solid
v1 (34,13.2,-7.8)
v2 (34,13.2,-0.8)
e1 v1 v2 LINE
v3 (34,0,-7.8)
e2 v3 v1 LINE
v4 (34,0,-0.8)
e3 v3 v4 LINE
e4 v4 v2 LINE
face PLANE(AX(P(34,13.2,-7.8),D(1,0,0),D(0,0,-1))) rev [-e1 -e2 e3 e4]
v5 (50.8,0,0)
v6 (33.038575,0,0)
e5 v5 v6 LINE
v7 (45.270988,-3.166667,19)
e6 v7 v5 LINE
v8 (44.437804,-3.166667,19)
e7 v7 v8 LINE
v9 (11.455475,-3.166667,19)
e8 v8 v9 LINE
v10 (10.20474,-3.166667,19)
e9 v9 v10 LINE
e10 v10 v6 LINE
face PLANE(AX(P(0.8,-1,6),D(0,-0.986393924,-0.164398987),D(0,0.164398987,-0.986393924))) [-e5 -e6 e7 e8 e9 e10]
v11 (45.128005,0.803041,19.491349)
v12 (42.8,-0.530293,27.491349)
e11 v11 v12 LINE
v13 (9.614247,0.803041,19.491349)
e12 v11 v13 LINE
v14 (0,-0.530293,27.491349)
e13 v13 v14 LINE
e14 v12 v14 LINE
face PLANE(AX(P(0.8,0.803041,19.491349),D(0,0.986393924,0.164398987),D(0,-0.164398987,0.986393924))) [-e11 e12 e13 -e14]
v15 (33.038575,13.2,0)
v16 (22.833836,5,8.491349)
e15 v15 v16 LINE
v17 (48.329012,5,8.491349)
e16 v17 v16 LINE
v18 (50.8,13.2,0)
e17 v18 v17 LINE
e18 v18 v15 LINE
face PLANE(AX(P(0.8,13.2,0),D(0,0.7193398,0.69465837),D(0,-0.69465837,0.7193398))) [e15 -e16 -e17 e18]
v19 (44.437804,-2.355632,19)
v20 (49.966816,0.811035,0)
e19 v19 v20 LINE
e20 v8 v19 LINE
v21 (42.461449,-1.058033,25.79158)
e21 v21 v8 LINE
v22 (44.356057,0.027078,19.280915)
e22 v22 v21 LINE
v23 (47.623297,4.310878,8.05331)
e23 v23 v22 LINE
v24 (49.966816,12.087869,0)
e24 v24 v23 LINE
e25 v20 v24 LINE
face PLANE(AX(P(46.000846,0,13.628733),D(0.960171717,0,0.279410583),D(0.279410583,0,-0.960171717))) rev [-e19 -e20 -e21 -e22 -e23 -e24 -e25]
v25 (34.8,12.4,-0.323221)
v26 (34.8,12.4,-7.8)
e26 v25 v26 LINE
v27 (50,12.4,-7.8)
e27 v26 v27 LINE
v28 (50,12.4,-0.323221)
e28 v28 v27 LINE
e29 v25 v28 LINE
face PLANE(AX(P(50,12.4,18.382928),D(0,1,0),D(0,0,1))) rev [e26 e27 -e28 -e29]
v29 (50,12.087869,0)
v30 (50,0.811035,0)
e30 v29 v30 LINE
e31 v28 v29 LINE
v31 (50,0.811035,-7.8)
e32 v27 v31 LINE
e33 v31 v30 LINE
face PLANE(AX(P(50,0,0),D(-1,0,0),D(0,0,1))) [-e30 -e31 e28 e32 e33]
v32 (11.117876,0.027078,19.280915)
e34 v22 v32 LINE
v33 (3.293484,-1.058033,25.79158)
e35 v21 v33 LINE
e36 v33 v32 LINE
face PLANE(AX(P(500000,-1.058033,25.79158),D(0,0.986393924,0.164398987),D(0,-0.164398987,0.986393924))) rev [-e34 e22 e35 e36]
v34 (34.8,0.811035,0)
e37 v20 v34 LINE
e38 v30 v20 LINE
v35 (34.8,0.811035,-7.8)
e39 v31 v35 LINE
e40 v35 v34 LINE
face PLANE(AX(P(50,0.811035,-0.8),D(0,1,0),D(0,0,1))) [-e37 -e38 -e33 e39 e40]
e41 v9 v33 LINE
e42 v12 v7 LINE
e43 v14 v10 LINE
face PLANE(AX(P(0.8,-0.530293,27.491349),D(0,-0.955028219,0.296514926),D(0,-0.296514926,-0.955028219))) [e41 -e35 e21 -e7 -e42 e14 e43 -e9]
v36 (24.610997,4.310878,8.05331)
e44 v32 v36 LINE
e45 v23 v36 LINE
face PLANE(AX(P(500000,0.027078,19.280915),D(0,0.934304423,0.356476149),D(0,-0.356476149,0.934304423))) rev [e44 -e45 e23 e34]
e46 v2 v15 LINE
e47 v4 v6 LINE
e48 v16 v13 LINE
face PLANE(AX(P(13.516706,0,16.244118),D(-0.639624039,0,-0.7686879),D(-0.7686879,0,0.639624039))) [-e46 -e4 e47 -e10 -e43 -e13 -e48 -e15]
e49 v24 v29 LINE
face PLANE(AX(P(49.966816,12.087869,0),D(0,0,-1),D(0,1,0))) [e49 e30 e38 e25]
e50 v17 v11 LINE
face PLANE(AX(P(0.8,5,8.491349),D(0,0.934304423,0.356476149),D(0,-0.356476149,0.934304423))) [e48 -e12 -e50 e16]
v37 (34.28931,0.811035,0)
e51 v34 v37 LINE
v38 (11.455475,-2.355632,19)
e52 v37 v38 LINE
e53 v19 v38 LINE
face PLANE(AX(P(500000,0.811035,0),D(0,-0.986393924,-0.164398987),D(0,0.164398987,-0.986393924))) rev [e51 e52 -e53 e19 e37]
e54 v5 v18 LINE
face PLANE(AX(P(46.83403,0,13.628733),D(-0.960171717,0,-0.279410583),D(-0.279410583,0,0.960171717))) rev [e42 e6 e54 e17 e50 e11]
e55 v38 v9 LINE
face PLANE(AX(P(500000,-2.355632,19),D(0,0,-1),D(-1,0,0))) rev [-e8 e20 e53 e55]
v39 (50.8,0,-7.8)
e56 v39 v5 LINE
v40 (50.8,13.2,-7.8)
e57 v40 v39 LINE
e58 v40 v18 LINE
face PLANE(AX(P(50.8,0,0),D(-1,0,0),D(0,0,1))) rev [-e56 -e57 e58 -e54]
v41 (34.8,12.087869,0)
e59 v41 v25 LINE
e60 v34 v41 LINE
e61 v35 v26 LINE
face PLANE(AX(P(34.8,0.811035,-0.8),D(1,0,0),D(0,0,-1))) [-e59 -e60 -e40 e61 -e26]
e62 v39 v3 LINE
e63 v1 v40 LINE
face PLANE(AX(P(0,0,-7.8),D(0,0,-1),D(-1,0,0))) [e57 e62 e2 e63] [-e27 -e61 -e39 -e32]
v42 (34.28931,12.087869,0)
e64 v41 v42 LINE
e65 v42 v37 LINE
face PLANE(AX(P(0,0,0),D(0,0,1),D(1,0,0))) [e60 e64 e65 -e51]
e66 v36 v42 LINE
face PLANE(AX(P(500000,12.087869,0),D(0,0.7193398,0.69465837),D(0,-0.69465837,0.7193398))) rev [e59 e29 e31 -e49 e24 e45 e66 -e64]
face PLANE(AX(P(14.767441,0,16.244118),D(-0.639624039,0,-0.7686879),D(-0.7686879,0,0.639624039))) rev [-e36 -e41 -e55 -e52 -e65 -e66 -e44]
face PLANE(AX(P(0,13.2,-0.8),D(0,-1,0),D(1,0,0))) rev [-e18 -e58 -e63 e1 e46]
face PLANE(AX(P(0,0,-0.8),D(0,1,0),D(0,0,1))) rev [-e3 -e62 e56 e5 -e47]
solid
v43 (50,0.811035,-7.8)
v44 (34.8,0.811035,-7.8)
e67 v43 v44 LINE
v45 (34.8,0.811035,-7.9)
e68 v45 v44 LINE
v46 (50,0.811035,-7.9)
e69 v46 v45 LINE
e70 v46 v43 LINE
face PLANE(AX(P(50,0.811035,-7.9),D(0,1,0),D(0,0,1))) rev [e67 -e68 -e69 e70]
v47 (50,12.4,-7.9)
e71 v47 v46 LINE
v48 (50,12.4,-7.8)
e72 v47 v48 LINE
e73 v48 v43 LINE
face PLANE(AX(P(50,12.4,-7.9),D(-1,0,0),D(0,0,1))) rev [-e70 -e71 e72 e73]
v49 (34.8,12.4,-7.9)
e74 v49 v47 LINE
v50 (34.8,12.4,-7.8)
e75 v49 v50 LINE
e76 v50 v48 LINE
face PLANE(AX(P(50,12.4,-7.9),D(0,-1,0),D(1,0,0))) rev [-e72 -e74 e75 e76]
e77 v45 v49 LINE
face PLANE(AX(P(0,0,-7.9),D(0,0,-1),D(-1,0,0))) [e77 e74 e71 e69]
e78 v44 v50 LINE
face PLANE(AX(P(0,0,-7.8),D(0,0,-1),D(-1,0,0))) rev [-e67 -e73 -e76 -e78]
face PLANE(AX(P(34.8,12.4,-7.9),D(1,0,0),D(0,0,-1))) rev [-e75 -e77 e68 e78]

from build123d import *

# Parameters (mm, degrees)
SIDE_BASE_DEPTH                    = 0.8
SIDE_BASE_2_COUNT                  = 2
SIDE_BASE_2_PITCH                  = 50
FRONT_BACK_WALLS_REACH             = 60.566
BASE_SKETCH_W                      = 50.8
BASE_SKETCH_H                      = 13.2
BASE_SKETCH_W_2                    = 15.2
BASE_SKETCH_H_2                    = 11.276834123
BASE_DEPTH                         = 0.8
ATTACHMENT_BASE_SKETCH_W           = 16.8
ATTACHMENT_BASE_SKETCH_H           = 13.2
ATTACHMENT_BASE_SKETCH_W_2         = 15.2
ATTACHMENT_BASE_SKETCH_H_2         = 11.276834123
ATTACHMENT_BASE_DEPTH              = 7
PIPE_TOP_EXTRA_CUTAWAY_REACH       = 65.248
SKETCH11_W                         = 15.2
SKETCH11_H                         = 0.312130873
SKETCH1_W                          = 15.2
SKETCH1_H                          = 11.588964996
FAN_BASE_DEPTH                     = 0.1
LEFT_RIGHT_WALL_REMOVAL_DEPTH      = 59.566323483
LEFT_RIGHT_WALL_REMOVAL_DEPTH_BACK = 59.566323483
SKETCH6_W                          = 28.631700026
SKETCH6_H                          = 16.366666667
CUTAWAY_LEFT_DEPTH                 = 54.208577359
LEFT_WALL_DEPTH                    = 0.8331843
SKETCH9_W                          = 44.231215268
SKETCH9_H                          = 16.366666667
CUTAWAY_RIGHT_DEPTH                = 47.338131648
RIGHT_WALL_DEPTH                   = 1.25073473


with BuildPart() as part:
    # Side base sketch → Side base (new body)
    with BuildSketch(Plane.ZY):
        Polygon((0, 13.2), (8.491348573, 5), (19.491348573, 0.8030407), (27.491348573, -0.530292633), (19, -3.166666667), (6, -1), (0, 0), align=None)
    extrude(amount=-SIDE_BASE_DEPTH)


with BuildPart() as side_base_2_1:
    # Side base 2: pattern copy
    add(part.part.moved(Location(Vector(1, 0, 0) * (1 * SIDE_BASE_2_PITCH))))

    # Wall base sketch → Front back walls (add, up to next)
    with BuildSketch(Plane(origin=(0.8, 0, 0), x_dir=(0, 0, -1), z_dir=(1, 0, 0)), mode=Mode.PRIVATE) as front_back_walls_sk1:
        Polygon((0, 12.087869127), (-8.053310036, 4.310878025), (-19.280914859, 0.027077982), (-25.791579847, -1.058032849), (-27.491348573, -0.530292633), (-19.491348573, 0.8030407), (-8.491348573, 5), (0, 13.2), align=None)
    front_back_walls_tool1 = extrude(front_back_walls_sk1.sketch, amount=FRONT_BACK_WALLS_REACH, mode=Mode.PRIVATE) - side_base_2_1.part
    # Wall base sketch → Front back walls (add, up to next)
    with BuildSketch(Plane(origin=(0.8, 0, 0), x_dir=(0, 0, -1), z_dir=(1, 0, 0)), mode=Mode.PRIVATE) as front_back_walls_sk2:
        Polygon((0, 0.811035004), (-19, -2.355631663), (-19, -3.166666667), (0, 0), align=None)
    front_back_walls_tool2 = extrude(front_back_walls_sk2.sketch, amount=FRONT_BACK_WALLS_REACH, mode=Mode.PRIVATE) - side_base_2_1.part

    add(part.part)  # Front back walls merges part
    add(front_back_walls_tool1.solids().sort_by_distance((0.8, 8.422144, 4.241782))[0])
    add(front_back_walls_tool2.solids().sort_by_distance((0.8, -1.177816, 9.5))[0])

    # Base sketch → Base (add)
    with BuildSketch(Plane(origin=(0, 0, 0), x_dir=(-1, 0, 0), z_dir=(0, 0, -1))):
        with Locations((-25.4, 6.6)):
            Rectangle(BASE_SKETCH_W, BASE_SKETCH_H)
        with Locations((-42.4, 6.449452066)):
            Rectangle(BASE_SKETCH_W_2, BASE_SKETCH_H_2, mode=Mode.SUBTRACT)
    extrude(amount=BASE_DEPTH)

    # Attachment base sketch → Attachment base (add)
    with BuildSketch(Plane(origin=(0, 0, -0.8), x_dir=(-1, 0, 0), z_dir=(0, 0, -1))):
        with Locations((-42.4, 6.6)):
            Rectangle(ATTACHMENT_BASE_SKETCH_W, ATTACHMENT_BASE_SKETCH_H)
        with Locations((-42.4, 6.449452066)):
            Rectangle(ATTACHMENT_BASE_SKETCH_W_2, ATTACHMENT_BASE_SKETCH_H_2, mode=Mode.SUBTRACT)
    extrude(amount=ATTACHMENT_BASE_DEPTH)

    # Pipe top extra cutaway: up to this plane
    pipe_top_extra_cutaway_end = Plane(origin=(500000, 12.087869127, 0), z_dir=(0, 0.7193398003386524, 0.6946583704589959))
    # Sketch11 → Pipe top extra cutaway (cut, up to the surface)
    with BuildSketch(Plane(origin=(0, 0, -7.8), x_dir=(-1, 0, 0), z_dir=(0, 0, -1)), mode=Mode.PRIVATE) as pipe_top_extra_cutaway_sk1:
        with Locations((-42.4, 12.243934564)):
            Rectangle(SKETCH11_W, SKETCH11_H)
    pipe_top_extra_cutaway_tool1 = split(extrude(pipe_top_extra_cutaway_sk1.sketch, amount=-PIPE_TOP_EXTRA_CUTAWAY_REACH, mode=Mode.PRIVATE), bisect_by=pipe_top_extra_cutaway_end, keep=Keep.BOTH, mode=Mode.PRIVATE)
    add(pipe_top_extra_cutaway_tool1.solids().sort_by_distance((42.4, 12.243935, -7.8))[0], mode=Mode.SUBTRACT)

    # Sketch4 → Left right wall removal (cut, two sides: drawn at the far end of the back side and taken through both)
    with BuildSketch(Plane(origin=(0.8, 0, 0), x_dir=(0, 0, -1), z_dir=(1, 0, 0)).offset(-LEFT_RIGHT_WALL_REMOVAL_DEPTH_BACK)):
        Polygon((-25.791579847, -1.058032849), (-19, -3.166666667), (-19, -2.355631663), (0, 0.811035004), (0, 12.087869127), (-8.053310036, 4.310878025), (-19.280914859, 0.027077982), align=None)
    extrude(amount=LEFT_RIGHT_WALL_REMOVAL_DEPTH + LEFT_RIGHT_WALL_REMOVAL_DEPTH_BACK, mode=Mode.SUBTRACT)

    # Sketch6 → Cutaway left (cut, through all)
    with BuildSketch(Plane(origin=(46.834030083, 0, 13.628732678), x_dir=(0.27941058312270783, 0, -0.9601717169543313), z_dir=(0.9601717169543312, 0, 0.2794105831227078))):
        with Locations((-0.12179239, 5.016666667)):
            Rectangle(SKETCH6_W, SKETCH6_H)
    extrude(amount=CUTAWAY_LEFT_DEPTH, mode=Mode.SUBTRACT)

    # Sketch7 → Left wall (add, along a direction that is not the sketch's normal)
    with BuildSketch(Plane(origin=(46.834030083, 0, 13.628732678), x_dir=(0.27941058312270806, 0, -0.9601717169543312), z_dir=(0.9601717169543312, 0, 0.27941058312270806))):
        Polygon((-5.594069506, -2.355631663), (-5.594069506, -3.166666667), (-12.667366633, -1.058032849), (-5.886636818, 0.027077982), (5.806693265, 4.310878025), (14.194057623, 12.087869127), (14.194057623, 0.811035004), align=None)
    extrude(amount=-LEFT_WALL_DEPTH, dir=(1, 0, 0))

    # Sketch9 → Cutaway right (cut, through all)
    with BuildSketch(Plane(origin=(13.516705988, 0, 16.244117965), x_dir=(0.7686879004792403, 0, -0.6396240393049794), z_dir=(0.6396240393049794, -1.3449343476138912e-15, 0.7686879004792403))):
        with Locations((4.531480214, 5.016666667)):
            Rectangle(SKETCH9_W, SKETCH9_H)
    extrude(amount=-CUTAWAY_RIGHT_DEPTH, mode=Mode.SUBTRACT)

    # Sketch10 → Right wall (add, along a direction that is not the sketch's normal)
    with BuildSketch(Plane(origin=(13.516705988, 0, 16.244117965), x_dir=(-0.7686879004792402, -2.570451750162017e-15, 0.6396240393049794), z_dir=(-0.6396240393049794, 1.2488685157059335e-15, -0.7686879004792402))):
        Polygon((-25.396353118, 12.087869127), (-25.396353118, 0.811035004), (4.308596716, -2.355631663), (4.308596716, -3.166666667), (14.926677697, -1.058032849), (4.747784179, 0.027077982), (-12.805659927, 4.310878025), align=None)
    extrude(amount=-RIGHT_WALL_DEPTH, dir=(-1, 0, 0))


with BuildPart() as body_2:
    # Sketch1 → Fan base (new body)
    with BuildSketch(Plane(origin=(0, 0, -7.8), x_dir=(-1, 0, 0), z_dir=(0, 0, -1))):
        with Locations((-42.4, 6.605517502)):
            Rectangle(SKETCH1_W, SKETCH1_H)
    extrude(amount=FAN_BASE_DEPTH)


solid = Compound([side_base_2_1.part, body_2.part])
